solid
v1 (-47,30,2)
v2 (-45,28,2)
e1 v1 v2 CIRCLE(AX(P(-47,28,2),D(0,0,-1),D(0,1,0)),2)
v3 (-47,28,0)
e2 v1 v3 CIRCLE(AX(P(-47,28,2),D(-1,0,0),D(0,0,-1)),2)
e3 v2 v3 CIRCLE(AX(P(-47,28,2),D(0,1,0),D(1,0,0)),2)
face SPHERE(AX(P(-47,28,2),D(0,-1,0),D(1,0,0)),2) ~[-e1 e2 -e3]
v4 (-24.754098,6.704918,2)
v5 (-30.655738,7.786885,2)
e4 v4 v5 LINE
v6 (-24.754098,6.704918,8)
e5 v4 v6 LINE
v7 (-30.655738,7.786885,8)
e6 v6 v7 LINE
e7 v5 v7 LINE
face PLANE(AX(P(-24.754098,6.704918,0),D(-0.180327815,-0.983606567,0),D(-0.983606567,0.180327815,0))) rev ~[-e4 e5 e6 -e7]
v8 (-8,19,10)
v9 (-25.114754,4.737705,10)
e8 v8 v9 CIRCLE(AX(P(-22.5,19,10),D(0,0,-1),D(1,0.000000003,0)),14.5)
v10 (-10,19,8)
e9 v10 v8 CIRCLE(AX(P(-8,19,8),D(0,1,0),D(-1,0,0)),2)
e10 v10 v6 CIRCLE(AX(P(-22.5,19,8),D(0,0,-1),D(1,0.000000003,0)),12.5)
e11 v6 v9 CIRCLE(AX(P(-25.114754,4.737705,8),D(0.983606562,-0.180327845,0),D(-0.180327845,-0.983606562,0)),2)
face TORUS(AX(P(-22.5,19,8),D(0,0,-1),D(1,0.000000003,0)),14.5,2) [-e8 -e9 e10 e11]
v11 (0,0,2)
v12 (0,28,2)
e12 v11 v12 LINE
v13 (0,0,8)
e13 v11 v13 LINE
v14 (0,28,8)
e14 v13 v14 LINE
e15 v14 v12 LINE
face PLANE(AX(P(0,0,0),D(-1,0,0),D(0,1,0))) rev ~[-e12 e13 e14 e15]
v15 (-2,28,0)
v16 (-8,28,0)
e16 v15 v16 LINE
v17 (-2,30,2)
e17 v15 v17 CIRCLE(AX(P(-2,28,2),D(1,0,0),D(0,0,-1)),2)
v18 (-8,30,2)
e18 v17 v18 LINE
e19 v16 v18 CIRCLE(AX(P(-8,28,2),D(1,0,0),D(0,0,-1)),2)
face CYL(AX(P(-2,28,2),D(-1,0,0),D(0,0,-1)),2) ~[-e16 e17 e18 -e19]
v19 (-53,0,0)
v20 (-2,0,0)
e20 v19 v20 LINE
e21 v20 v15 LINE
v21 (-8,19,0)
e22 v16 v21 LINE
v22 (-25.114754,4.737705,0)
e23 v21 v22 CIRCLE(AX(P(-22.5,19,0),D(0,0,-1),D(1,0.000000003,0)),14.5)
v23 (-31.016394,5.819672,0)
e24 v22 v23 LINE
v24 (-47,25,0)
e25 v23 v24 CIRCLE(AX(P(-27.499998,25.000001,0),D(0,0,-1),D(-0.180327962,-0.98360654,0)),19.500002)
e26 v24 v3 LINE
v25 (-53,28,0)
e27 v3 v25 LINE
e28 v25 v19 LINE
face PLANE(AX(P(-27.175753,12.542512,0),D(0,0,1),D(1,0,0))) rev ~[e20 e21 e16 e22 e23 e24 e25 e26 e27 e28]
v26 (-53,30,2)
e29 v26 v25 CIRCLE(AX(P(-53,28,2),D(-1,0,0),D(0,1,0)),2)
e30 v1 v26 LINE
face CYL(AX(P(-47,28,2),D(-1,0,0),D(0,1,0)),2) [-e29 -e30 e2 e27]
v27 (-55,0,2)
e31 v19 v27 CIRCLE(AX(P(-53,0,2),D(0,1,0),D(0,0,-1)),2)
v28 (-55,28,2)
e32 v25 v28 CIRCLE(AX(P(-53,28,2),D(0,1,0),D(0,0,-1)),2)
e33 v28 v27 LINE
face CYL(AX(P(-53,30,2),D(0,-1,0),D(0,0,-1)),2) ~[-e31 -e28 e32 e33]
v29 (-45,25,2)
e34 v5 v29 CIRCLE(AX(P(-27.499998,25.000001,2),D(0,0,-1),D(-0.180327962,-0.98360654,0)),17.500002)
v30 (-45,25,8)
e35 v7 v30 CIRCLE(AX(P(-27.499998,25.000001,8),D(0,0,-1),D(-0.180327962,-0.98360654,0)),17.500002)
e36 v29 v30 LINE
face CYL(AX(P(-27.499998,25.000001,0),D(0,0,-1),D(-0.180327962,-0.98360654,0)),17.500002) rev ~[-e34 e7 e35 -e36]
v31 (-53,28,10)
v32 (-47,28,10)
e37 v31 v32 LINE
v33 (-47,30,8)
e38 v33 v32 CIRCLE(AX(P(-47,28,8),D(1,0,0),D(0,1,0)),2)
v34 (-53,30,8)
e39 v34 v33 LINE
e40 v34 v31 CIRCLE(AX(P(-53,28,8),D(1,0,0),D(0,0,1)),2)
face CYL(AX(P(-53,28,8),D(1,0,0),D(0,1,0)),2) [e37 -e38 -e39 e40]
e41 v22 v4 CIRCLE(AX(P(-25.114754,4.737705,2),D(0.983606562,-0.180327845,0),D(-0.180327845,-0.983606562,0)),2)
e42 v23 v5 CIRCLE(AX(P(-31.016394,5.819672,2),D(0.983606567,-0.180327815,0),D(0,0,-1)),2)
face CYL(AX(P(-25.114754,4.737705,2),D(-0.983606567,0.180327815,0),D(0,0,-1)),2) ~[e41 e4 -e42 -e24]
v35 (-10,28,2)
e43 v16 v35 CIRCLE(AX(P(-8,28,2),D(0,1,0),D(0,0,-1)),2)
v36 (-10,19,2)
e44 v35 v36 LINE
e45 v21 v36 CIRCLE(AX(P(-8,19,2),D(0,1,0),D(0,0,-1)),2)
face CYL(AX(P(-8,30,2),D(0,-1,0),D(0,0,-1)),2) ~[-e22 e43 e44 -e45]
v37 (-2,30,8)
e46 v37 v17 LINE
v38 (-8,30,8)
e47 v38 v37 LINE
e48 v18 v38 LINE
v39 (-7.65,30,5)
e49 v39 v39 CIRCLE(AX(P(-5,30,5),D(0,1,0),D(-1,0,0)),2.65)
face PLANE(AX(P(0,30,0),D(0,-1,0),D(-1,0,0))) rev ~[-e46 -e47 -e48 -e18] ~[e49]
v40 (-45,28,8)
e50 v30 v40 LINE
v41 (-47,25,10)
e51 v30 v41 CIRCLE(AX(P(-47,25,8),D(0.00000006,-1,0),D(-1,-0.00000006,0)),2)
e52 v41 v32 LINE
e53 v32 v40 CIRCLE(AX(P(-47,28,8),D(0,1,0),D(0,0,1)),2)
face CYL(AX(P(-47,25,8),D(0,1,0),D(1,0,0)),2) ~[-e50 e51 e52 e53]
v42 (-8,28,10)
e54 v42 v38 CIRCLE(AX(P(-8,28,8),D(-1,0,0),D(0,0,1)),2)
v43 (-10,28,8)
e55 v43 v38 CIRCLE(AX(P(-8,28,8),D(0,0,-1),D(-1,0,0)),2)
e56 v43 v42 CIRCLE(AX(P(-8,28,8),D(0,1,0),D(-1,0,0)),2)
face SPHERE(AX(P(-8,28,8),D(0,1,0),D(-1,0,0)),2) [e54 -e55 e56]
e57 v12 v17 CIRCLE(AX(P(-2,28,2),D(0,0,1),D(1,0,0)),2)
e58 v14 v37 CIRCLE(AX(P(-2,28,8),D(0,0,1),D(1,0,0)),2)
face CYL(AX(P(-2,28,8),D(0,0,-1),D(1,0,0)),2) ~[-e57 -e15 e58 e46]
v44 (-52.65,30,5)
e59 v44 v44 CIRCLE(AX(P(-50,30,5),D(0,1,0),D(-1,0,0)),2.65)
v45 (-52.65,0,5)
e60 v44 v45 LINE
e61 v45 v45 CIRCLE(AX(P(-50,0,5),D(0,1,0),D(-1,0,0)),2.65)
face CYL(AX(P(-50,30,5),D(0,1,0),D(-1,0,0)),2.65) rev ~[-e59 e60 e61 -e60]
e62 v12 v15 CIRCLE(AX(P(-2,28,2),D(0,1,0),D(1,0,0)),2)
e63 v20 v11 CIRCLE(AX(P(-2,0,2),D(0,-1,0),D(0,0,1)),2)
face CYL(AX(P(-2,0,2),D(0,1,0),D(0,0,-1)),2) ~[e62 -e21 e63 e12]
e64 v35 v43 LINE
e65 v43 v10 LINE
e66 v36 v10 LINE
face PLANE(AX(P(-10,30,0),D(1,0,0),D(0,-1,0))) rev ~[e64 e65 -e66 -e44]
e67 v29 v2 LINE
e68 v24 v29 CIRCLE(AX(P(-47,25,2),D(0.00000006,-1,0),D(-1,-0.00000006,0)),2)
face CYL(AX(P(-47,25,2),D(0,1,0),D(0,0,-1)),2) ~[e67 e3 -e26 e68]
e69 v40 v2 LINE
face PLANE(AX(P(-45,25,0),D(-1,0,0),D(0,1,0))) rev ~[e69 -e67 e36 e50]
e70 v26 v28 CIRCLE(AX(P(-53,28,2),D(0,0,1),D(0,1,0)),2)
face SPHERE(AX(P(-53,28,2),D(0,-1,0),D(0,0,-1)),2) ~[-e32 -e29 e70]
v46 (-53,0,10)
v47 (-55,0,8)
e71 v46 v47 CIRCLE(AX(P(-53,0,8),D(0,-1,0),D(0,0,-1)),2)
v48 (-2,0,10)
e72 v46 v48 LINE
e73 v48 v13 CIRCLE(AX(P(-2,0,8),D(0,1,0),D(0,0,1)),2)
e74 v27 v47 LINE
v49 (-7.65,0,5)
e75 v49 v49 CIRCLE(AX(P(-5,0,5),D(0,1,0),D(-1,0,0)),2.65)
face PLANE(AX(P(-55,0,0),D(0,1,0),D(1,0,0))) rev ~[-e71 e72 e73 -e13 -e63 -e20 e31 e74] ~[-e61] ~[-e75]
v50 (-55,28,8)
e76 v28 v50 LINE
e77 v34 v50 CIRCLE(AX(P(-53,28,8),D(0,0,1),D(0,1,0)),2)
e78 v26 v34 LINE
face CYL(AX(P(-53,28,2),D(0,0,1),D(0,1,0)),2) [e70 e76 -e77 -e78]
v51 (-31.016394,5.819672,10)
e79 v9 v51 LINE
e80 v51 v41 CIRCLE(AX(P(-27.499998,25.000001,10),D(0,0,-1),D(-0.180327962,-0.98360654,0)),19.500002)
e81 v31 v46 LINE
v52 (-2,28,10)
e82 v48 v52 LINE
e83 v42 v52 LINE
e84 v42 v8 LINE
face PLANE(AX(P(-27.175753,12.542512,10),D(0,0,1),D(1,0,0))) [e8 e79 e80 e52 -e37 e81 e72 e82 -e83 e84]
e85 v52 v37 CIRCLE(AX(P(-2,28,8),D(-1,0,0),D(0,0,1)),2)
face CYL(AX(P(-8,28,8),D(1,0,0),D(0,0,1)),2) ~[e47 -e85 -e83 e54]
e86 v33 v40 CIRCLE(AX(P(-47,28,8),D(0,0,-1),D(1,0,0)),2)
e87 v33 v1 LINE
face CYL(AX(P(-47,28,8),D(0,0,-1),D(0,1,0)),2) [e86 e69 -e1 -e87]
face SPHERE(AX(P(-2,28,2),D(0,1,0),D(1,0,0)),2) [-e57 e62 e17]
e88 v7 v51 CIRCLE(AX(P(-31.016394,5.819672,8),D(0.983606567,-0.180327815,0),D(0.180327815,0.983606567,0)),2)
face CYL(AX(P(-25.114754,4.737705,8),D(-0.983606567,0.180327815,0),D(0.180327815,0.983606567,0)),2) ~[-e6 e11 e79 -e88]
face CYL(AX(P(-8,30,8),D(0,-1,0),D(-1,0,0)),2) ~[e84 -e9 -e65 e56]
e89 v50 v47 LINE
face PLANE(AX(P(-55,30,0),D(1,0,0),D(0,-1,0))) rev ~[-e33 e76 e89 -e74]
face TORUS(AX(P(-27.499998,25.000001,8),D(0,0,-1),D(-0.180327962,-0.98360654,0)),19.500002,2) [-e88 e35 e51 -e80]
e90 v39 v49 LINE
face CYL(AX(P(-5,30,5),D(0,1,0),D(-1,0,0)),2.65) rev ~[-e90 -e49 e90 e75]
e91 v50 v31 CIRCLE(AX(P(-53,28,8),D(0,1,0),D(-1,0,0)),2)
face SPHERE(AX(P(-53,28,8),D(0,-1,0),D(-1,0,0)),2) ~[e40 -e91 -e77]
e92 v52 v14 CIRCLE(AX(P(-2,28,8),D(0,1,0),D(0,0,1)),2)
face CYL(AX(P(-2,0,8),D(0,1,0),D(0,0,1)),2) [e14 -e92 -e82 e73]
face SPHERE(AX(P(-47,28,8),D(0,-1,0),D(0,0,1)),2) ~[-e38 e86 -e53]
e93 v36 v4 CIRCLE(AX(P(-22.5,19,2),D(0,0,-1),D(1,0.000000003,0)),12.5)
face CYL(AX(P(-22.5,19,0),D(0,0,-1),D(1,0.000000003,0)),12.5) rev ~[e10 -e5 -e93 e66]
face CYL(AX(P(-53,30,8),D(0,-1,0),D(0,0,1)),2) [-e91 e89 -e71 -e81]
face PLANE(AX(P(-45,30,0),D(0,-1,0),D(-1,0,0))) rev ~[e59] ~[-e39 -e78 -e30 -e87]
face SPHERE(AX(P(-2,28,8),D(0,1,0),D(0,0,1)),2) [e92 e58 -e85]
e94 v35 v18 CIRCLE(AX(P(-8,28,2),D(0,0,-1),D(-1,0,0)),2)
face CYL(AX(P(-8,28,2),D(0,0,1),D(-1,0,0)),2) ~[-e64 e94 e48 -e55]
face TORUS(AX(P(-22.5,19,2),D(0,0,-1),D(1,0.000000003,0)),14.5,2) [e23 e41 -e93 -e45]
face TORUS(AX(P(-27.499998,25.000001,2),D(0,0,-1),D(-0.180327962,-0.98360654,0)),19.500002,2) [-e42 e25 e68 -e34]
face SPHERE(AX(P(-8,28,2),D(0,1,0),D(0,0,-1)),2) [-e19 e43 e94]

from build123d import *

# Parameters (mm, degrees)
F1_DEPTH = 10
F2_R     = 2.65
F3_DEPTH = 30.001
F4_DEPTH = 30.001
F5_R     = 2
F6_R     = 2


with BuildPart() as f1:
    # F0 (on Top) → F1 (new body)
    with BuildSketch(Plane.XY):
        with BuildLine():
            Line((-10, 30), (-10, 19))
            ThreePointArc((-10, 19), (-14.497695, 9.397234), (-24.754098, 6.704918))
            Line((-24.754098, 6.704918), (-30.655738, 7.786885))
            ThreePointArc((-30.655738, 7.786885), (-40.943872, 13.796773), (-45, 25))
            Line((-45, 25), (-45, 30))
            Line((-45, 30), (-55, 30))
            Line((-55, 30), (-55, 0))
            Line((-55, 0), (0, 0))
            Line((0, 0), (0, 30))
            Line((0, 30), (-10, 30))
        make_face()
    extrude(amount=F1_DEPTH)

    # F2 (on face) → F3 (cut, through all)
    with BuildSketch(Plane(origin=(0, 30, 0), x_dir=(-1, 0, 0), z_dir=(0, 1, 0))):
        with Locations((50, 5)):
            Circle(F2_R)
    extrude(amount=-F3_DEPTH, mode=Mode.SUBTRACT)

    # F2 (on face) → F4 (cut, through all)
    with BuildSketch(Plane(origin=(0, 30, 0), x_dir=(-1, 0, 0), z_dir=(0, 1, 0))):
        with Locations((5, 5)):
            Circle(F2_R)
    extrude(amount=-F4_DEPTH, mode=Mode.SUBTRACT)

    # F5
    f5_edges = [f1.edges().sort_by_distance(p)[0] for p in [
        (-55, 15, 10),
        (0, 15, 10),
        (0, 15, 0),
        (-55, 15, 0),
        (-40.943872, 13.796773, 0),
        (-14.497695, 9.397234, 10),
    ]]
    fillet(f5_edges, radius=F5_R)

    # F6
    f6_edges = [f1.edges().sort_by_distance(p)[0] for p in [
        (-10, 30, 5),
        (-55, 30, 5),
    ]]
    fillet(f6_edges, radius=F6_R)


solid = f1.part
